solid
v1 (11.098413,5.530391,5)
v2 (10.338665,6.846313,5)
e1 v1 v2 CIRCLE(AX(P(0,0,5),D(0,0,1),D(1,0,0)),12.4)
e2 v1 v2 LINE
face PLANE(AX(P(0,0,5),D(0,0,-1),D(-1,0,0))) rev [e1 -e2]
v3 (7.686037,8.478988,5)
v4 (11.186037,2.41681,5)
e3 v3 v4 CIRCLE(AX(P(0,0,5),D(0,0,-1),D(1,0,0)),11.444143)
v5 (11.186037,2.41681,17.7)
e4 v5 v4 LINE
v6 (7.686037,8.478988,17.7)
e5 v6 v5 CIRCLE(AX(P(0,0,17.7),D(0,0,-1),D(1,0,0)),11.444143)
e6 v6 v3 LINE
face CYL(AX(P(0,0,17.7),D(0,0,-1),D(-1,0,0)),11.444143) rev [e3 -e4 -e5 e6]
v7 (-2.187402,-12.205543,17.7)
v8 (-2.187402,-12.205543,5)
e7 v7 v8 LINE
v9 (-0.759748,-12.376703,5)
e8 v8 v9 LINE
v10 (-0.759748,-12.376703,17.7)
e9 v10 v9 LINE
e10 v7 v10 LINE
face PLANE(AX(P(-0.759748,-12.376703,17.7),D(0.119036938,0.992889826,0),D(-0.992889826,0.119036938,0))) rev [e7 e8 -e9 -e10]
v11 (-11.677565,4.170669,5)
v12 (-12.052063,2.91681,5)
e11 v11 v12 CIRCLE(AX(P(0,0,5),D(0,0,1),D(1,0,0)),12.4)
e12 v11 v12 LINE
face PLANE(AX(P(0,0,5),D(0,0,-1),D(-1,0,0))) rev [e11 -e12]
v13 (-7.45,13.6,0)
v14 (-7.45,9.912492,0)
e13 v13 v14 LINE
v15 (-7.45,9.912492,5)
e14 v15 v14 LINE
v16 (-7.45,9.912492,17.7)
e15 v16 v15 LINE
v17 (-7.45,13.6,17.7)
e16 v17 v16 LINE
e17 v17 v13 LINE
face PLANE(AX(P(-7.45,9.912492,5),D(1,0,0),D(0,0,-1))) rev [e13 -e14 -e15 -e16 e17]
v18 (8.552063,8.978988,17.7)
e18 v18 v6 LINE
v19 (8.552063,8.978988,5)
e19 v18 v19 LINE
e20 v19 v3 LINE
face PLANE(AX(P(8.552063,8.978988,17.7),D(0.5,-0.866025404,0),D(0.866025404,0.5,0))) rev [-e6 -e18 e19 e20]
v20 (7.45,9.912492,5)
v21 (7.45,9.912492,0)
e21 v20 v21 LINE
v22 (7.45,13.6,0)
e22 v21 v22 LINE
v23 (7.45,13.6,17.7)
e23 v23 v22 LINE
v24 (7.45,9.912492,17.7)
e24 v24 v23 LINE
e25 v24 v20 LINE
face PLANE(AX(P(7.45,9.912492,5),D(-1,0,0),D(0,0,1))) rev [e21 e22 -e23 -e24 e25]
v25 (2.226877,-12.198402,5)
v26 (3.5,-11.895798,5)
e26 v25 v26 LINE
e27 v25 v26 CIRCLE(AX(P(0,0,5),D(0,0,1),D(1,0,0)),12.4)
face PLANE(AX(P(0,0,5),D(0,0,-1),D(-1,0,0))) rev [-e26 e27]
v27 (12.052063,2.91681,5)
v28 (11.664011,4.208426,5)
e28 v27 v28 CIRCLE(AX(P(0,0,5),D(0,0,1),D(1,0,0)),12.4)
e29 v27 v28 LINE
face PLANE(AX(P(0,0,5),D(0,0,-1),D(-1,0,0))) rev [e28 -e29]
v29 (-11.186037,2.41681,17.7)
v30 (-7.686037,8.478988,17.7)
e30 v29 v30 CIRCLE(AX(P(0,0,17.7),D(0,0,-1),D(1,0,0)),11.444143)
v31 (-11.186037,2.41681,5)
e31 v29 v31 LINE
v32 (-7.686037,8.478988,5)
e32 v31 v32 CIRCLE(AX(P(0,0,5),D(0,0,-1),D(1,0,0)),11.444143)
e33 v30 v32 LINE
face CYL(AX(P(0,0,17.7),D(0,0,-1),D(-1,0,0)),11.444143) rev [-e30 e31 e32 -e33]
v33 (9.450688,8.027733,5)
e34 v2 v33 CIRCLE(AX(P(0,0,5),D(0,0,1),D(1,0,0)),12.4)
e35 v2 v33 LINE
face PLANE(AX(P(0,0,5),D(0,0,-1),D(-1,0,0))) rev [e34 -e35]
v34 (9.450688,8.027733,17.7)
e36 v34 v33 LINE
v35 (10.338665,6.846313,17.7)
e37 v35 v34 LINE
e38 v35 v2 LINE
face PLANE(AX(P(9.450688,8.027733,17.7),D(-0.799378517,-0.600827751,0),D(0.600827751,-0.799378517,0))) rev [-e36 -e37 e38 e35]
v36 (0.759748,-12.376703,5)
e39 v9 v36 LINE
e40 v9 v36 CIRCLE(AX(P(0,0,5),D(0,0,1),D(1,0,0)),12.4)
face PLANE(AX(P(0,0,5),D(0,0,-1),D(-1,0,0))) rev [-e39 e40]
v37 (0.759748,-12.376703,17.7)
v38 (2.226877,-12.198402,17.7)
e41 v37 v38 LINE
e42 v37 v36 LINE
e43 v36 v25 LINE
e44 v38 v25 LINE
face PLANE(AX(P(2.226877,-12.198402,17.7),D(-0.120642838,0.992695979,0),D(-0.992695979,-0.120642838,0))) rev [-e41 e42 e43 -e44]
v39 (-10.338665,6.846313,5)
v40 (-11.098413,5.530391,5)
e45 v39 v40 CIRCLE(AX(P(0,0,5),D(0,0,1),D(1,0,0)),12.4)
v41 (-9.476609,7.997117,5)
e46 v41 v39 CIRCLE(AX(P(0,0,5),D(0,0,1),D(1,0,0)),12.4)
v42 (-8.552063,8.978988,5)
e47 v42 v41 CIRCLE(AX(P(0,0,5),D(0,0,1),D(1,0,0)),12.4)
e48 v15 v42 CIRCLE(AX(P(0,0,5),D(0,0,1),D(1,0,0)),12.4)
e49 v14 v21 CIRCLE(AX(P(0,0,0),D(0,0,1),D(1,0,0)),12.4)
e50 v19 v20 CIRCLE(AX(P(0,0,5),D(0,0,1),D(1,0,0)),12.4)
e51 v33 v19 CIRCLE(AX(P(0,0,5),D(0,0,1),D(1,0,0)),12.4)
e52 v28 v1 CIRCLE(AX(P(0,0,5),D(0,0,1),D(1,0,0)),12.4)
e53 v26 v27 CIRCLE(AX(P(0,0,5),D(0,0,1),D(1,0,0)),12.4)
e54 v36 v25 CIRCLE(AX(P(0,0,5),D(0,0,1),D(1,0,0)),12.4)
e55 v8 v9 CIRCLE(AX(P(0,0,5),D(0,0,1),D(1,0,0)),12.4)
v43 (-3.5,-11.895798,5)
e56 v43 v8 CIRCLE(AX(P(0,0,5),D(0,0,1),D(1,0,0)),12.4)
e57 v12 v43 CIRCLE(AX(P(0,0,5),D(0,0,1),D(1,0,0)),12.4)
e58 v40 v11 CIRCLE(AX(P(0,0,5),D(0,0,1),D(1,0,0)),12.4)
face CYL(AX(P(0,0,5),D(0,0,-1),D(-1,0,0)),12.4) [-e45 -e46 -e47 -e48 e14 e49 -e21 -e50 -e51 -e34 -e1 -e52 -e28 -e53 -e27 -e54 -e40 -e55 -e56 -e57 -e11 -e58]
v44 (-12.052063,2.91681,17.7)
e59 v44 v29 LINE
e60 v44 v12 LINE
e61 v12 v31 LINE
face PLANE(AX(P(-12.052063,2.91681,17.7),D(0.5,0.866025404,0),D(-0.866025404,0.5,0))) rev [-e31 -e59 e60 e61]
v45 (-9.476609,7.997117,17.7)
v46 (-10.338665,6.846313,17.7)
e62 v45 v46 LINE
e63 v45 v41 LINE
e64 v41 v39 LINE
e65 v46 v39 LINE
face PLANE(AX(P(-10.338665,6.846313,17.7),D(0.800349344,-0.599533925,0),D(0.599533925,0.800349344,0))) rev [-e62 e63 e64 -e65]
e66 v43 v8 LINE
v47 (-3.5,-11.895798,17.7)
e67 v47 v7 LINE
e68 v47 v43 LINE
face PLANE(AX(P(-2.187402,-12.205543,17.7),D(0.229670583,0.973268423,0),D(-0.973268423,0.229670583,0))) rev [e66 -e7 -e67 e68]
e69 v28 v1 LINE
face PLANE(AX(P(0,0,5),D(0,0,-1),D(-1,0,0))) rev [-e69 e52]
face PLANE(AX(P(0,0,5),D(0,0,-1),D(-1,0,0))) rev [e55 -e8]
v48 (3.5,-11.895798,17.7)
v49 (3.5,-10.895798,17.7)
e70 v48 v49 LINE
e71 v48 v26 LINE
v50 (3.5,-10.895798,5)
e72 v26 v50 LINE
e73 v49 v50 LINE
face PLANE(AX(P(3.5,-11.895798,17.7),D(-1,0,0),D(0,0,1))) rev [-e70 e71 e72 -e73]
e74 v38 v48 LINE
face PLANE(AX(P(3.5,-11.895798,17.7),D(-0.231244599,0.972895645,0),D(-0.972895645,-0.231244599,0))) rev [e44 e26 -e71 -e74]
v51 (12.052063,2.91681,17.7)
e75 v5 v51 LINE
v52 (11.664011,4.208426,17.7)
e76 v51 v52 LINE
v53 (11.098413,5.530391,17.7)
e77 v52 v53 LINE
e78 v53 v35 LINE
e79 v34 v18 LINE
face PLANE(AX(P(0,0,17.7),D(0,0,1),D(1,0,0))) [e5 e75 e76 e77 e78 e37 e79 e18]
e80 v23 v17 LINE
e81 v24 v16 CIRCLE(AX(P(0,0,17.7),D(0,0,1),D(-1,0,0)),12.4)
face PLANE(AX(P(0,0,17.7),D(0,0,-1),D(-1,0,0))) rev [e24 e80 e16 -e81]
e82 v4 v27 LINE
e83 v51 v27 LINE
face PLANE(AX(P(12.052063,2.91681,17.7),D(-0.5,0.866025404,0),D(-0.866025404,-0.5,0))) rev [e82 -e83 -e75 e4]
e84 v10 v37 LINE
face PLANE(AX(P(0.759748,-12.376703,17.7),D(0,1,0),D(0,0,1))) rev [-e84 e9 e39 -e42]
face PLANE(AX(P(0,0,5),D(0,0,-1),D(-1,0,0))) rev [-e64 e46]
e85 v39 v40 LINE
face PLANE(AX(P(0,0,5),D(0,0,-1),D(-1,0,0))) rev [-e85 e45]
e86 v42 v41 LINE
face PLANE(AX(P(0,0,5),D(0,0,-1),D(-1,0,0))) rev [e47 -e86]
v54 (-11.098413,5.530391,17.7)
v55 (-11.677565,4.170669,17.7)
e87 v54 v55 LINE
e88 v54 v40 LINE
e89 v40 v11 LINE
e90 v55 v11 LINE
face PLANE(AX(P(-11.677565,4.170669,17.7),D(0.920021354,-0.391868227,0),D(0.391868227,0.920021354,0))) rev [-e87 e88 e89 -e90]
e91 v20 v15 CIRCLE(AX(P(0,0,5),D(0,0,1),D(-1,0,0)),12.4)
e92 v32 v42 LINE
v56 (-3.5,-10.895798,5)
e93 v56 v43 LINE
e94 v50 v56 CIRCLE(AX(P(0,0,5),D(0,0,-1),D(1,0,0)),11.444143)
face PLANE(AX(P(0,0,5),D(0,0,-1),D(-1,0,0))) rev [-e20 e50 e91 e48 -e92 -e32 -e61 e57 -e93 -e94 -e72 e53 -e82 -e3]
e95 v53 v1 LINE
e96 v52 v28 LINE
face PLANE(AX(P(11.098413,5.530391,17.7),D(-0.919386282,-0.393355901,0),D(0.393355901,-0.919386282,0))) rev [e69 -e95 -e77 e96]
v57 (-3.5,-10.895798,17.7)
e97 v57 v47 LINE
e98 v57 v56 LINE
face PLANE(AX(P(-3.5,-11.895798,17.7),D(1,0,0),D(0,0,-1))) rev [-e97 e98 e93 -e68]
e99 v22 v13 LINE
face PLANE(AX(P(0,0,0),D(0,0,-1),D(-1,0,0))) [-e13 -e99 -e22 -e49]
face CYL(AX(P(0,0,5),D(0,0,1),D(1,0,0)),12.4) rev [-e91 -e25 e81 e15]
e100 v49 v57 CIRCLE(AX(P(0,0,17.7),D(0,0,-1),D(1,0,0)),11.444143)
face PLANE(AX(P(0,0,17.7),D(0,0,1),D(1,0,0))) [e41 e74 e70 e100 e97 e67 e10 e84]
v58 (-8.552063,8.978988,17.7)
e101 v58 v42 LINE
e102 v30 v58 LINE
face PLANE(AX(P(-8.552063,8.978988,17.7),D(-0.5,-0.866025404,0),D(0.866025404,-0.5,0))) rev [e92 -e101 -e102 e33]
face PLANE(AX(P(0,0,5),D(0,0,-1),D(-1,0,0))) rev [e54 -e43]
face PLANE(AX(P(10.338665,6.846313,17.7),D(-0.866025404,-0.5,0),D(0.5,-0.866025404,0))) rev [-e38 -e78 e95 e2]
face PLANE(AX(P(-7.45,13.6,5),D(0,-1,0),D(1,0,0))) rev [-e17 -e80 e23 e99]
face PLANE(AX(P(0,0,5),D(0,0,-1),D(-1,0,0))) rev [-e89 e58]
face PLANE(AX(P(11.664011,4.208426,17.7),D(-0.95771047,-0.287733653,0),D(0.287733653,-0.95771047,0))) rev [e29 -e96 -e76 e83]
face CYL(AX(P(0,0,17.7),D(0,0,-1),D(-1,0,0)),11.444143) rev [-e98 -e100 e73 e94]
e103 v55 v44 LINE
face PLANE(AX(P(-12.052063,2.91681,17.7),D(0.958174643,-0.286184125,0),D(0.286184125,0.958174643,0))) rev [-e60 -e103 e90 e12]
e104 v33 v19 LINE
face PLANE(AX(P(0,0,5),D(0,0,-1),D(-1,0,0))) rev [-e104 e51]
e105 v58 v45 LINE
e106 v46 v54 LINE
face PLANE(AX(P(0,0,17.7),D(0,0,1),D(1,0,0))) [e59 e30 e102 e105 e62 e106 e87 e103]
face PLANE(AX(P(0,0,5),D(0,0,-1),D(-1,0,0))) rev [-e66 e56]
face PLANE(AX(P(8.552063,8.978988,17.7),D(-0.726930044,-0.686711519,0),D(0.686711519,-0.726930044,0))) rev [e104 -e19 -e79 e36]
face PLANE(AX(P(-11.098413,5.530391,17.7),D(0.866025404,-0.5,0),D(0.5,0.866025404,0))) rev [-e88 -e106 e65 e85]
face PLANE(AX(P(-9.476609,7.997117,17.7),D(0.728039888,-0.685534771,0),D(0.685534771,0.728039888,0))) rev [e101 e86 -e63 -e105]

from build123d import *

# Parameters (mm, degrees)
SKETCH2_W              = 26.816018719
SKETCH2_H              = 28.301670726
SQUARE_EXTRUDE_DEPTH   = 5
ACTUAL_SHAPE_CUT_DEPTH = 5
SKETCH3_W              = 14.9
SKETCH3_H              = 3.687507881
STOPPERS_EXTRUDE_DEPTH = 12.7
CURVE_CUT_DEPTH        = 12.7


with BuildPart() as part:
    # Sketch2 → Square extrude (new body)
    with BuildSketch(Plane.XY):
        with Locations((0.074282601, 0.767135851)):
            Rectangle(SKETCH2_W, SKETCH2_H)
    extrude(amount=SQUARE_EXTRUDE_DEPTH)

    # Sketch1 → Actual shape cut (cut)
    with BuildSketch(Plane.XY):
        with BuildLine():
            Line((-17.45, 14.04483891), (-17.45, 23.6))
            Line((-17.45, 23.6), (17.45, 23.6))
            Line((17.45, 23.6), (17.45, 14.04483891))
            ThreePointArc((17.45, 14.04483891), (0, -22.4), (-17.45, 14.04483891))
        make_face()
        with BuildLine():
            Line((-7.45, 9.912492119), (-7.45, 13.6))
            Line((-7.45, 13.6), (7.45, 13.6))
            Line((7.45, 13.6), (7.45, 9.912492119))
            ThreePointArc((7.45, 9.912492119), (0, -12.4), (-7.45, 9.912492119))
        make_face(mode=Mode.SUBTRACT)
    extrude(amount=ACTUAL_SHAPE_CUT_DEPTH, mode=Mode.SUBTRACT)

    # Sketch3 → Stoppers extrude (add)
    with BuildSketch(Plane.XY.offset(5)):
        with Locations((0, 11.75624606)):
            Rectangle(SKETCH3_W, SKETCH3_H)
        with BuildLine():
            Line((3.5, -11.895797577), (3.5, -10.895797577))
            ThreePointArc((3.5, -10.895797577), (0, -11.444142818), (-3.5, -10.895797577))
            Line((-3.5, -10.895797577), (-3.5, -11.895797577))
            Line((-3.5, -11.895797577), (-2.187402084, -12.20554268))
            Line((-2.187402084, -12.20554268), (-0.759747946, -12.376703239))
            Line((-0.759747946, -12.376703239), (0.759747946, -12.376703239))
            Line((0.759747946, -12.376703239), (2.226876894, -12.198402326))
            Line((2.226876894, -12.198402326), (3.5, -11.895797577))
        make_face()
        with BuildLine():
            Line((-12.0520629, 2.916809875), (-11.186037496, 2.416809875))
            ThreePointArc((-11.186037496, 2.416809875), (-9.910918405, 5.722071409), (-7.686037496, 8.478987702))
            Line((-7.686037496, 8.478987702), (-8.5520629, 8.978987702))
            Line((-8.5520629, 8.978987702), (-9.476608986, 7.997117113))
            Line((-9.476608986, 7.997117113), (-10.338665447, 6.846312641))
            Line((-10.338665447, 6.846312641), (-11.098413393, 5.530390597))
            Line((-11.098413393, 5.530390597), (-11.677564746, 4.170669202))
            Line((-11.677564746, 4.170669202), (-12.0520629, 2.916809875))
        make_face()
        with BuildLine():
            Line((8.5520629, 8.978987702), (7.686037496, 8.478987702))
            ThreePointArc((7.686037496, 8.478987702), (9.910918405, 5.722071409), (11.186037496, 2.416809875))
            Line((11.186037496, 2.416809875), (12.0520629, 2.916809875))
            Line((12.0520629, 2.916809875), (11.66401107, 4.208425567))
            Line((11.66401107, 4.208425567), (11.098413393, 5.530390597))
            Line((11.098413393, 5.530390597), (10.338665447, 6.846312641))
            Line((10.338665447, 6.846312641), (9.450687853, 8.027733124))
            Line((9.450687853, 8.027733124), (8.5520629, 8.978987702))
        make_face()
    extrude(amount=STOPPERS_EXTRUDE_DEPTH)

    # Sketch4 → Curve cut (cut)
    with BuildSketch(Plane.XY.offset(17.7)):
        with BuildLine():
            Line((-7.45, 9.912492119), (7.45, 9.912492119))
            ThreePointArc((7.45, 9.912492119), (0, 12.4), (-7.45, 9.912492119))
        make_face()
    extrude(amount=-CURVE_CUT_DEPTH, mode=Mode.SUBTRACT)


solid = part.part
